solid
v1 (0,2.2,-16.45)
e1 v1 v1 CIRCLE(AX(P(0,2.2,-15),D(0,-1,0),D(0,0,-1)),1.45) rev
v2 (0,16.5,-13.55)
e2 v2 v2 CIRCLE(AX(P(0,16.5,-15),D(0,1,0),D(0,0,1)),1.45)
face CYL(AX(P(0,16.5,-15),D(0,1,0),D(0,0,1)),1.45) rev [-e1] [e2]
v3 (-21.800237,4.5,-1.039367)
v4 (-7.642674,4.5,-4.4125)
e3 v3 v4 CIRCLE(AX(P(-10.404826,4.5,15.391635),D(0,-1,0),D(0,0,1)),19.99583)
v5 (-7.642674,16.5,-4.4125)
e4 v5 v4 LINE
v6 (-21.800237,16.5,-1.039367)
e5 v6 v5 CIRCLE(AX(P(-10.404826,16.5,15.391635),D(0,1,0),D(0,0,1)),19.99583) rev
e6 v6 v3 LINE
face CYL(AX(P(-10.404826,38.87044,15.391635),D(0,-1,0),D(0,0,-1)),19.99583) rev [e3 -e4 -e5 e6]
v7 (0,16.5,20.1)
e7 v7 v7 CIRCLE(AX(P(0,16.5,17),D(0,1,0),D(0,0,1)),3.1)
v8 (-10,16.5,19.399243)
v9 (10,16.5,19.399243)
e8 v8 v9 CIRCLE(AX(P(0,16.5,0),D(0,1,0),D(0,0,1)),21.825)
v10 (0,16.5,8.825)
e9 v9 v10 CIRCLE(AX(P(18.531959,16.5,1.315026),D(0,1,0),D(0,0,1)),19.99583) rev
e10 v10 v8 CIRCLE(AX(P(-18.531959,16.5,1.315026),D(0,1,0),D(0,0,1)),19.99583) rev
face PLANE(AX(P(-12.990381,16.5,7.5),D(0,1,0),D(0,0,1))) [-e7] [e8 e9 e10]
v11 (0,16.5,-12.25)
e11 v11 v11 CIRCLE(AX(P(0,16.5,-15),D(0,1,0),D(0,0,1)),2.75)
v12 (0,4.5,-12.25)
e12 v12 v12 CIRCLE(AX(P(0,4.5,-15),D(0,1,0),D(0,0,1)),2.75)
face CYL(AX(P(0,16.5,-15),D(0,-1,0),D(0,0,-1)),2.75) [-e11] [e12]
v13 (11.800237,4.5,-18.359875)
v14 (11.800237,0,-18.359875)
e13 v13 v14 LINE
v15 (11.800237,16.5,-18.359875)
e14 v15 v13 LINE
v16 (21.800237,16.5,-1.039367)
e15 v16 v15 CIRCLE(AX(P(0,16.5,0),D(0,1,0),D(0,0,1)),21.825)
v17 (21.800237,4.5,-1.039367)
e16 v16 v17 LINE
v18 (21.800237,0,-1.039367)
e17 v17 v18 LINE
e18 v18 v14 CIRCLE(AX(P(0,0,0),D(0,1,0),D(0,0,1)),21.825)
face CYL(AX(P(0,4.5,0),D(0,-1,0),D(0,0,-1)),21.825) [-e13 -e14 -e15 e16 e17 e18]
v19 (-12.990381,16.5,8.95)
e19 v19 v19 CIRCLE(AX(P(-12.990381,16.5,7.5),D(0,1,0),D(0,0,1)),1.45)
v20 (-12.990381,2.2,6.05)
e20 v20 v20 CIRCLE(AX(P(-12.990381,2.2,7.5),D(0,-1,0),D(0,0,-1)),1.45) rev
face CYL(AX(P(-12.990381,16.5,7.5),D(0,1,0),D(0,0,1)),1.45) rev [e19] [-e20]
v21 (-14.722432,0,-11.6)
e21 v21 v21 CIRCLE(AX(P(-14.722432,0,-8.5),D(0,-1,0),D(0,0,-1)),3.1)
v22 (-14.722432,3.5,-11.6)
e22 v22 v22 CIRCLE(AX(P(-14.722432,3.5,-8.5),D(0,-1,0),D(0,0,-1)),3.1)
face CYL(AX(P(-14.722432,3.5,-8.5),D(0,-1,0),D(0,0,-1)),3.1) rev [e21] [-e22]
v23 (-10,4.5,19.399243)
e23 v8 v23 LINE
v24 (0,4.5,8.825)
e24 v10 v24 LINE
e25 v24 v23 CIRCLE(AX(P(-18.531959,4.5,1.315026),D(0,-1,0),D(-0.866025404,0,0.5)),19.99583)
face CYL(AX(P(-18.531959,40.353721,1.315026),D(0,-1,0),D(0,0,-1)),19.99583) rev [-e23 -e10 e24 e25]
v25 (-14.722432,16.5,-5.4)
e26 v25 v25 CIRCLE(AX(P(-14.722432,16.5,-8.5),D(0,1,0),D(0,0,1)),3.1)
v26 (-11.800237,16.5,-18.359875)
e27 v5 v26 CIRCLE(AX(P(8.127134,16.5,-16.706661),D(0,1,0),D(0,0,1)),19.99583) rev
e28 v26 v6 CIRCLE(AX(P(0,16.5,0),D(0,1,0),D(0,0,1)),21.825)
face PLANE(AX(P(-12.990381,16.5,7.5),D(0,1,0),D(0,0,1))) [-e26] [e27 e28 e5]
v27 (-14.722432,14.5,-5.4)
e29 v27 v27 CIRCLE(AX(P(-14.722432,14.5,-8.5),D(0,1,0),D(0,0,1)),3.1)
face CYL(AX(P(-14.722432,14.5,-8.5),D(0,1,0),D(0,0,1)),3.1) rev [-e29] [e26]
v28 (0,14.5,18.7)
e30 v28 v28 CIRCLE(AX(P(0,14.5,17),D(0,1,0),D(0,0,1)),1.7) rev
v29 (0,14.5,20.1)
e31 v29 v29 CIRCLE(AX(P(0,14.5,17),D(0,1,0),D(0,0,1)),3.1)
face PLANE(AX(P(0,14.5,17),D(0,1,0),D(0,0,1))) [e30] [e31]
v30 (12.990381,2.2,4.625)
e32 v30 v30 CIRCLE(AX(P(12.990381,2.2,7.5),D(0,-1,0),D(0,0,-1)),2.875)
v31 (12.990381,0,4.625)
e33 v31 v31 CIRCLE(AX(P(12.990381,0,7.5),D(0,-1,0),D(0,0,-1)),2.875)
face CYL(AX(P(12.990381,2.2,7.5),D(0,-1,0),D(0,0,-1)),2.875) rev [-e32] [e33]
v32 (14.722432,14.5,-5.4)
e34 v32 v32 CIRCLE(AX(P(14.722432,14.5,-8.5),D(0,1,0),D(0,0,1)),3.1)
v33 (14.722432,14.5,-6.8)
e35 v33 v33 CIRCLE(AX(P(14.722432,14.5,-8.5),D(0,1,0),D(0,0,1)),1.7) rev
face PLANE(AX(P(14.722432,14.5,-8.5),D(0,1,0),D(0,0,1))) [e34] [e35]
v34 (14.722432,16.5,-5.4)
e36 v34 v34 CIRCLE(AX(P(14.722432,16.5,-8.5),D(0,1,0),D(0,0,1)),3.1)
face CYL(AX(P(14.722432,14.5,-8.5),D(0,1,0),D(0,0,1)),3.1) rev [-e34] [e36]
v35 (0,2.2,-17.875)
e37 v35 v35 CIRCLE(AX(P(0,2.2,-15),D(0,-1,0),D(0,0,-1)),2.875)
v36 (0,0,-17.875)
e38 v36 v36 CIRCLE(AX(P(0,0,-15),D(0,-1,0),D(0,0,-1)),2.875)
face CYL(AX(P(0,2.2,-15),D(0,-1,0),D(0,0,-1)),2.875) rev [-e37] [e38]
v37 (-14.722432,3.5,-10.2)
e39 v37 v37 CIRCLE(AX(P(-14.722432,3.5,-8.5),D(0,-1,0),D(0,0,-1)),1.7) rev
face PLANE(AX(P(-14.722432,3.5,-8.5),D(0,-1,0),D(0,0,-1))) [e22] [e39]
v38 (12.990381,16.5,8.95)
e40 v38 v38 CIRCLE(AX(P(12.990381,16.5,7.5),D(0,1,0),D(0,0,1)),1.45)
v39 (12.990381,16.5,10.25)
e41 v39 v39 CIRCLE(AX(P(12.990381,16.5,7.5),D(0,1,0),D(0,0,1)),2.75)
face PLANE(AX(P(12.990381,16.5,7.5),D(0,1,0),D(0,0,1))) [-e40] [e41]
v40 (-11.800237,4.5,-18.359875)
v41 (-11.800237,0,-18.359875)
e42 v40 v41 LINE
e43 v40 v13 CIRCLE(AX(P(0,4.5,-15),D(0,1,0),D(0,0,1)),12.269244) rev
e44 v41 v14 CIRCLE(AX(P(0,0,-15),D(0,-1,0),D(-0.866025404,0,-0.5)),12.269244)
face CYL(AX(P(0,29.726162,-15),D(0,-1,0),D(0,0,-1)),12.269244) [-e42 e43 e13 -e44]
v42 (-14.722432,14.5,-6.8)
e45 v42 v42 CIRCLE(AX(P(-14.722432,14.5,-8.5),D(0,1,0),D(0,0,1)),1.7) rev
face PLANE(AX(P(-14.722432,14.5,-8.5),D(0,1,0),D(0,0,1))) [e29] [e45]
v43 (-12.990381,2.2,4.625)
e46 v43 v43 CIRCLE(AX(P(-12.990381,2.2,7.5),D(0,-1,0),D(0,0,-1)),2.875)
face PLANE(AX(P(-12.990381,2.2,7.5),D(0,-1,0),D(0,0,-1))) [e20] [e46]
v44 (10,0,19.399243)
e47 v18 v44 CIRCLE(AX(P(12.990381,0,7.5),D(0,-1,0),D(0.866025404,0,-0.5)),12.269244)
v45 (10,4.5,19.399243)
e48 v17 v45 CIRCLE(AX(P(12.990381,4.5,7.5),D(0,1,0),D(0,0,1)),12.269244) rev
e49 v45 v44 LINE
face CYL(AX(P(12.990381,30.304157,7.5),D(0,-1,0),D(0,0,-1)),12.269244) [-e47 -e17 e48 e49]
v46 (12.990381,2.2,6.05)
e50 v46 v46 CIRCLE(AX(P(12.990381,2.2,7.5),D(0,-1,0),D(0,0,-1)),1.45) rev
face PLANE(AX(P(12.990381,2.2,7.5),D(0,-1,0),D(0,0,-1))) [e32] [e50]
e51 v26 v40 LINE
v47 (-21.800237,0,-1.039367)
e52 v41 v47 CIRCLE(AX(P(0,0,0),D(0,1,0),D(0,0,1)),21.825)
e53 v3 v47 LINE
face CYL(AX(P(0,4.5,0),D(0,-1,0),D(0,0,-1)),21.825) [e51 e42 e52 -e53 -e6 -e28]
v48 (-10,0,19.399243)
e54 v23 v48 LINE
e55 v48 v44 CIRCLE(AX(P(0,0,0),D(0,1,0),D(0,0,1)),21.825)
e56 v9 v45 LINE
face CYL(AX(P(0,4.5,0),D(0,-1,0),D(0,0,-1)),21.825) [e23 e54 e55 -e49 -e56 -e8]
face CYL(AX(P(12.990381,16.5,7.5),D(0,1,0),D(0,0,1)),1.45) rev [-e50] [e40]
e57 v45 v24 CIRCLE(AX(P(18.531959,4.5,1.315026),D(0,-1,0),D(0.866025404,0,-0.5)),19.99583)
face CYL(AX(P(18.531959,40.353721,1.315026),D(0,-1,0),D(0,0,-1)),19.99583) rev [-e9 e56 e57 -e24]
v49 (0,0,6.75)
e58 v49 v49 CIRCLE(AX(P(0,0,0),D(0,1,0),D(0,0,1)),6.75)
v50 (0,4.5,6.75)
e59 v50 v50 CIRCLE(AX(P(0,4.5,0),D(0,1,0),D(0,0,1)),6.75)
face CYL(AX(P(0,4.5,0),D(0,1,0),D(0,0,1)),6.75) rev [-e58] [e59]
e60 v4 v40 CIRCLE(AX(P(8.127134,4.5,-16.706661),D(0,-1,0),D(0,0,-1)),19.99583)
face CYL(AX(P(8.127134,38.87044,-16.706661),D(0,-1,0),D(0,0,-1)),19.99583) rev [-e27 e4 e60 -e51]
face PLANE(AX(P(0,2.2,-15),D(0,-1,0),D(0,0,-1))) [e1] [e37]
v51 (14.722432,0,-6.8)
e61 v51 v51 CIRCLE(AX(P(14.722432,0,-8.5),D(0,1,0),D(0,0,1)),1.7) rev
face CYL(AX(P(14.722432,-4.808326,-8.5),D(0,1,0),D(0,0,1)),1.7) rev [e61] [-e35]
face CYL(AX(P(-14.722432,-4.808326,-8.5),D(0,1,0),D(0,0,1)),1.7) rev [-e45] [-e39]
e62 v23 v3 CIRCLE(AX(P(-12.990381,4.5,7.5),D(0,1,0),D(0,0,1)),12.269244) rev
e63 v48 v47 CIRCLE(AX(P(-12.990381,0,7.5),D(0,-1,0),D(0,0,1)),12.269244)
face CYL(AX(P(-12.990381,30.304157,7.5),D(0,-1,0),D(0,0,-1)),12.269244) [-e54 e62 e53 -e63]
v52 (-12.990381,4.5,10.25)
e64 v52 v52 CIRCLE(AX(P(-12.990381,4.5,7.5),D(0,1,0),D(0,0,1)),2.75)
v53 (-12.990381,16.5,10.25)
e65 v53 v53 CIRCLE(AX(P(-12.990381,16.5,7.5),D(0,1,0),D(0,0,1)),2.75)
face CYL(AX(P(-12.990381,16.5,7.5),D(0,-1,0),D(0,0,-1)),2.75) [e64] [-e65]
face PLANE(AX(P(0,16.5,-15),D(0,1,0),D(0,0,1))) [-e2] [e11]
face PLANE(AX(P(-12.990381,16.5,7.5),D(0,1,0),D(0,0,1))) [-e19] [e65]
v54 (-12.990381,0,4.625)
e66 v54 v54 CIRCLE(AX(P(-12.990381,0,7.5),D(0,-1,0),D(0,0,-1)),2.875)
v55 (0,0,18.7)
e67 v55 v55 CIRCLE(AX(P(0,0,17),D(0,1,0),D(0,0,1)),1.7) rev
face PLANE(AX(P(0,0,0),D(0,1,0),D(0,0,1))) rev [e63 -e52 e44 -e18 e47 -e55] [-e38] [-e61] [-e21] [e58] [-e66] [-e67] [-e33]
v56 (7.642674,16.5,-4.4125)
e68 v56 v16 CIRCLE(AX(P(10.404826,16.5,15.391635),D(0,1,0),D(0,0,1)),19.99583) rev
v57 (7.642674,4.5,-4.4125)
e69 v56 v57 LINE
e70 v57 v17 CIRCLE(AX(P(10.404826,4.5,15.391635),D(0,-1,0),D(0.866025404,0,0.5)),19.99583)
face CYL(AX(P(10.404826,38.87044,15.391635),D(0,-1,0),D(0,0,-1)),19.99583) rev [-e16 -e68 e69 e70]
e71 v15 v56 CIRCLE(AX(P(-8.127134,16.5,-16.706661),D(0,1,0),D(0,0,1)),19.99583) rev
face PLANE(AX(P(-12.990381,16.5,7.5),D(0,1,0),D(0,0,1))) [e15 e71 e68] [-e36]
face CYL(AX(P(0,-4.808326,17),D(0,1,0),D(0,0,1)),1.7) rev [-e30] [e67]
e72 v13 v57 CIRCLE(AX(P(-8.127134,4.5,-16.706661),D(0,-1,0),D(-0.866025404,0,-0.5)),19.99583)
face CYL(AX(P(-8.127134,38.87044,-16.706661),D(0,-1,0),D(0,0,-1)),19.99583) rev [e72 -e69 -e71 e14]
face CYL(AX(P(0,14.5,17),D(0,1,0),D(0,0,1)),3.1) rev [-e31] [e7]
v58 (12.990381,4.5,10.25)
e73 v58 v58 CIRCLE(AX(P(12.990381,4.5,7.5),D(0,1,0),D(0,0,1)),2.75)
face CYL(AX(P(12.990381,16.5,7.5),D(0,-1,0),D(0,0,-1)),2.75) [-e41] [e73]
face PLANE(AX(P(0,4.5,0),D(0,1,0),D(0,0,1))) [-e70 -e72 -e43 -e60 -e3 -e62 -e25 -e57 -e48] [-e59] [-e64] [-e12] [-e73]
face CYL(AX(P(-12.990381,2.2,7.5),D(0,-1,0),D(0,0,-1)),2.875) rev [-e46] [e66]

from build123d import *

# Parameters (mm, degrees)
CROQUIS1_R                     = 21.825
SALIENTE_EXTRUIR1_DEPTH        = 4.5
CROQUIS2_R                     = 2.75
SALIENTE_EXTRUIR2_DEPTH        = 12
TALADRO_DE_MARGEN_PARA_M121_D  = 13.5
SALIENTE_EXTRUIR3_DEPTH        = 12
CROQUIS8_R                     = 1.7
CORTAR_EXTRUIR1_DEPTH          = 16.5
MATRIZC1_COUNT                 = 3
TALADRO_DE_MARGEN_PARA_M2_51_D = 2.9
SALIENTE_EXTRUIR5_DEPTH        = 4.5
MATRIZC2_COUNT                 = 3
CROQUIS12_R                    = 2.875
CORTAR_EXTRUIR2_DEPTH          = 2.2
CROQUIS13_R                    = 3.1
CORTAR_EXTRUIR3_DEPTH          = 2
CROQUIS14_R                    = 3.1
CORTAR_EXTRUIR4_DEPTH          = 3.5


with BuildPart() as part:
    # Croquis1 → Saliente-Extruir1 (new body)
    with BuildSketch(Plane(origin=(0, 0, 0), x_dir=(1, 0, 0), z_dir=(0, 1, 0))):
        Circle(CROQUIS1_R)
    extrude(amount=SALIENTE_EXTRUIR1_DEPTH)

    # Croquis2 → Saliente-Extruir2 (add)
    with BuildSketch(Plane(origin=(0, 4.5, 0), x_dir=(1, 0, 0), z_dir=(0, 1, 0))):
        with Locations((0, 15)):
            Circle(CROQUIS2_R)
        with Locations((12.990381057, -7.5)):
            Circle(CROQUIS2_R)
        with Locations((-12.990381057, -7.5)):
            Circle(CROQUIS2_R)
    extrude(amount=SALIENTE_EXTRUIR2_DEPTH)

    # Taladro de margen para M121 (through all)
    with Locations(Plane(origin=(0, 4.5, 0), x_dir=(1, 0, 0), z_dir=(0, 1, 0))):
        with Locations((0, 0)):
            Hole(TALADRO_DE_MARGEN_PARA_M121_D / 2)

    # Croquis5 → Saliente-Extruir3 (add)
    with BuildSketch(Plane(origin=(0, 4.5, 0), x_dir=(1, 0, 0), z_dir=(0, 1, 0))):
        with BuildLine():
            ThreePointArc((-7.642674188, 4.4125), (-11.035446071, 10.994501306), (-11.800237164, 18.359875487))
            ThreePointArc((-11.800237164, 18.359875487), (-18.901004438, 10.9125), (-21.800237164, 1.039367411))
            ThreePointArc((-21.800237164, 1.039367411), (-15.039240468, 4.059725986), (-7.642674188, 4.4125))
        make_face()
    saliente_extruir3 = extrude(amount=SALIENTE_EXTRUIR3_DEPTH)

    # Croquis8 → Cortar-Extruir1 (cut)
    with BuildSketch(Plane(origin=(0, 16.5, 0), x_dir=(1, 0, 0), z_dir=(0, 1, 0))):
        with Locations((-14.722431864, 8.5)):
            Circle(CROQUIS8_R)
    cortar_extruir1 = extrude(amount=-CORTAR_EXTRUIR1_DEPTH, mode=Mode.SUBTRACT)

    # MatrizC1: Saliente-Extruir3, Cortar-Extruir1 ×3 about axis
    matrizc1_axis = Axis((0, 0, 0), (0, 1, 0))
    for i in range(1, MATRIZC1_COUNT):
        add(saliente_extruir3.rotate(matrizc1_axis, i * 360 / MATRIZC1_COUNT))
        add(cortar_extruir1.rotate(matrizc1_axis, i * 360 / MATRIZC1_COUNT), mode=Mode.SUBTRACT)

    # Taladro de margen para M2.51 (through all)
    with Locations(Plane(origin=(0, 16.5, 0), x_dir=(1, 0, 0), z_dir=(0, 1, 0))):
        with Locations((12.990381057, -7.5), (-12.990381057, -7.5), (0, 15)):
            Hole(TALADRO_DE_MARGEN_PARA_M2_51_D / 2)

    # Croquis11 → Saliente-Extruir5 (add)
    with BuildSketch(Plane.XZ):
        with BuildLine():
            ThreePointArc((-10, 19.399242898), (-18.901004438, 10.9125), (-21.800237164, -1.039367411))
            ThreePointArc((-21.800237164, -1.039367411), (-23.615858472, 13.634622246), (-10, 19.399242898))
        make_face()
    saliente_extruir5 = extrude(amount=-SALIENTE_EXTRUIR5_DEPTH)

    # MatrizC2: Saliente-Extruir5 ×3 about axis
    matrizc2_axis = Axis((0, 0, 0), (0, 1, 0))
    for i in range(1, MATRIZC2_COUNT):
        add(saliente_extruir5.rotate(matrizc2_axis, i * 360 / MATRIZC2_COUNT))

    # Croquis12 → Cortar-Extruir2 (cut)
    with BuildSketch(Plane.XZ):
        with Locations((-12.990381057, 7.5)):
            Circle(CROQUIS12_R)
        with Locations((12.990381057, 7.5)):
            Circle(CROQUIS12_R)
        with Locations((0, -15)):
            Circle(CROQUIS12_R)
    extrude(amount=-CORTAR_EXTRUIR2_DEPTH, mode=Mode.SUBTRACT)

    # Croquis13 → Cortar-Extruir3 (cut)
    with BuildSketch(Plane(origin=(0, 16.5, 0), x_dir=(1, 0, 0), z_dir=(0, 1, 0))):
        with Locations((0, -17)):
            Circle(CROQUIS13_R)
        with Locations((-14.722431864, 8.5)):
            Circle(CROQUIS13_R)
        with Locations((14.722431864, 8.5)):
            Circle(CROQUIS13_R)
    extrude(amount=-CORTAR_EXTRUIR3_DEPTH, mode=Mode.SUBTRACT)

    # Croquis14 → Cortar-Extruir4 (cut)
    with BuildSketch(Plane.XZ):
        with Locations((-14.722431864, -8.5)):
            Circle(CROQUIS14_R)
    extrude(amount=-CORTAR_EXTRUIR4_DEPTH, mode=Mode.SUBTRACT)


solid = part.part
